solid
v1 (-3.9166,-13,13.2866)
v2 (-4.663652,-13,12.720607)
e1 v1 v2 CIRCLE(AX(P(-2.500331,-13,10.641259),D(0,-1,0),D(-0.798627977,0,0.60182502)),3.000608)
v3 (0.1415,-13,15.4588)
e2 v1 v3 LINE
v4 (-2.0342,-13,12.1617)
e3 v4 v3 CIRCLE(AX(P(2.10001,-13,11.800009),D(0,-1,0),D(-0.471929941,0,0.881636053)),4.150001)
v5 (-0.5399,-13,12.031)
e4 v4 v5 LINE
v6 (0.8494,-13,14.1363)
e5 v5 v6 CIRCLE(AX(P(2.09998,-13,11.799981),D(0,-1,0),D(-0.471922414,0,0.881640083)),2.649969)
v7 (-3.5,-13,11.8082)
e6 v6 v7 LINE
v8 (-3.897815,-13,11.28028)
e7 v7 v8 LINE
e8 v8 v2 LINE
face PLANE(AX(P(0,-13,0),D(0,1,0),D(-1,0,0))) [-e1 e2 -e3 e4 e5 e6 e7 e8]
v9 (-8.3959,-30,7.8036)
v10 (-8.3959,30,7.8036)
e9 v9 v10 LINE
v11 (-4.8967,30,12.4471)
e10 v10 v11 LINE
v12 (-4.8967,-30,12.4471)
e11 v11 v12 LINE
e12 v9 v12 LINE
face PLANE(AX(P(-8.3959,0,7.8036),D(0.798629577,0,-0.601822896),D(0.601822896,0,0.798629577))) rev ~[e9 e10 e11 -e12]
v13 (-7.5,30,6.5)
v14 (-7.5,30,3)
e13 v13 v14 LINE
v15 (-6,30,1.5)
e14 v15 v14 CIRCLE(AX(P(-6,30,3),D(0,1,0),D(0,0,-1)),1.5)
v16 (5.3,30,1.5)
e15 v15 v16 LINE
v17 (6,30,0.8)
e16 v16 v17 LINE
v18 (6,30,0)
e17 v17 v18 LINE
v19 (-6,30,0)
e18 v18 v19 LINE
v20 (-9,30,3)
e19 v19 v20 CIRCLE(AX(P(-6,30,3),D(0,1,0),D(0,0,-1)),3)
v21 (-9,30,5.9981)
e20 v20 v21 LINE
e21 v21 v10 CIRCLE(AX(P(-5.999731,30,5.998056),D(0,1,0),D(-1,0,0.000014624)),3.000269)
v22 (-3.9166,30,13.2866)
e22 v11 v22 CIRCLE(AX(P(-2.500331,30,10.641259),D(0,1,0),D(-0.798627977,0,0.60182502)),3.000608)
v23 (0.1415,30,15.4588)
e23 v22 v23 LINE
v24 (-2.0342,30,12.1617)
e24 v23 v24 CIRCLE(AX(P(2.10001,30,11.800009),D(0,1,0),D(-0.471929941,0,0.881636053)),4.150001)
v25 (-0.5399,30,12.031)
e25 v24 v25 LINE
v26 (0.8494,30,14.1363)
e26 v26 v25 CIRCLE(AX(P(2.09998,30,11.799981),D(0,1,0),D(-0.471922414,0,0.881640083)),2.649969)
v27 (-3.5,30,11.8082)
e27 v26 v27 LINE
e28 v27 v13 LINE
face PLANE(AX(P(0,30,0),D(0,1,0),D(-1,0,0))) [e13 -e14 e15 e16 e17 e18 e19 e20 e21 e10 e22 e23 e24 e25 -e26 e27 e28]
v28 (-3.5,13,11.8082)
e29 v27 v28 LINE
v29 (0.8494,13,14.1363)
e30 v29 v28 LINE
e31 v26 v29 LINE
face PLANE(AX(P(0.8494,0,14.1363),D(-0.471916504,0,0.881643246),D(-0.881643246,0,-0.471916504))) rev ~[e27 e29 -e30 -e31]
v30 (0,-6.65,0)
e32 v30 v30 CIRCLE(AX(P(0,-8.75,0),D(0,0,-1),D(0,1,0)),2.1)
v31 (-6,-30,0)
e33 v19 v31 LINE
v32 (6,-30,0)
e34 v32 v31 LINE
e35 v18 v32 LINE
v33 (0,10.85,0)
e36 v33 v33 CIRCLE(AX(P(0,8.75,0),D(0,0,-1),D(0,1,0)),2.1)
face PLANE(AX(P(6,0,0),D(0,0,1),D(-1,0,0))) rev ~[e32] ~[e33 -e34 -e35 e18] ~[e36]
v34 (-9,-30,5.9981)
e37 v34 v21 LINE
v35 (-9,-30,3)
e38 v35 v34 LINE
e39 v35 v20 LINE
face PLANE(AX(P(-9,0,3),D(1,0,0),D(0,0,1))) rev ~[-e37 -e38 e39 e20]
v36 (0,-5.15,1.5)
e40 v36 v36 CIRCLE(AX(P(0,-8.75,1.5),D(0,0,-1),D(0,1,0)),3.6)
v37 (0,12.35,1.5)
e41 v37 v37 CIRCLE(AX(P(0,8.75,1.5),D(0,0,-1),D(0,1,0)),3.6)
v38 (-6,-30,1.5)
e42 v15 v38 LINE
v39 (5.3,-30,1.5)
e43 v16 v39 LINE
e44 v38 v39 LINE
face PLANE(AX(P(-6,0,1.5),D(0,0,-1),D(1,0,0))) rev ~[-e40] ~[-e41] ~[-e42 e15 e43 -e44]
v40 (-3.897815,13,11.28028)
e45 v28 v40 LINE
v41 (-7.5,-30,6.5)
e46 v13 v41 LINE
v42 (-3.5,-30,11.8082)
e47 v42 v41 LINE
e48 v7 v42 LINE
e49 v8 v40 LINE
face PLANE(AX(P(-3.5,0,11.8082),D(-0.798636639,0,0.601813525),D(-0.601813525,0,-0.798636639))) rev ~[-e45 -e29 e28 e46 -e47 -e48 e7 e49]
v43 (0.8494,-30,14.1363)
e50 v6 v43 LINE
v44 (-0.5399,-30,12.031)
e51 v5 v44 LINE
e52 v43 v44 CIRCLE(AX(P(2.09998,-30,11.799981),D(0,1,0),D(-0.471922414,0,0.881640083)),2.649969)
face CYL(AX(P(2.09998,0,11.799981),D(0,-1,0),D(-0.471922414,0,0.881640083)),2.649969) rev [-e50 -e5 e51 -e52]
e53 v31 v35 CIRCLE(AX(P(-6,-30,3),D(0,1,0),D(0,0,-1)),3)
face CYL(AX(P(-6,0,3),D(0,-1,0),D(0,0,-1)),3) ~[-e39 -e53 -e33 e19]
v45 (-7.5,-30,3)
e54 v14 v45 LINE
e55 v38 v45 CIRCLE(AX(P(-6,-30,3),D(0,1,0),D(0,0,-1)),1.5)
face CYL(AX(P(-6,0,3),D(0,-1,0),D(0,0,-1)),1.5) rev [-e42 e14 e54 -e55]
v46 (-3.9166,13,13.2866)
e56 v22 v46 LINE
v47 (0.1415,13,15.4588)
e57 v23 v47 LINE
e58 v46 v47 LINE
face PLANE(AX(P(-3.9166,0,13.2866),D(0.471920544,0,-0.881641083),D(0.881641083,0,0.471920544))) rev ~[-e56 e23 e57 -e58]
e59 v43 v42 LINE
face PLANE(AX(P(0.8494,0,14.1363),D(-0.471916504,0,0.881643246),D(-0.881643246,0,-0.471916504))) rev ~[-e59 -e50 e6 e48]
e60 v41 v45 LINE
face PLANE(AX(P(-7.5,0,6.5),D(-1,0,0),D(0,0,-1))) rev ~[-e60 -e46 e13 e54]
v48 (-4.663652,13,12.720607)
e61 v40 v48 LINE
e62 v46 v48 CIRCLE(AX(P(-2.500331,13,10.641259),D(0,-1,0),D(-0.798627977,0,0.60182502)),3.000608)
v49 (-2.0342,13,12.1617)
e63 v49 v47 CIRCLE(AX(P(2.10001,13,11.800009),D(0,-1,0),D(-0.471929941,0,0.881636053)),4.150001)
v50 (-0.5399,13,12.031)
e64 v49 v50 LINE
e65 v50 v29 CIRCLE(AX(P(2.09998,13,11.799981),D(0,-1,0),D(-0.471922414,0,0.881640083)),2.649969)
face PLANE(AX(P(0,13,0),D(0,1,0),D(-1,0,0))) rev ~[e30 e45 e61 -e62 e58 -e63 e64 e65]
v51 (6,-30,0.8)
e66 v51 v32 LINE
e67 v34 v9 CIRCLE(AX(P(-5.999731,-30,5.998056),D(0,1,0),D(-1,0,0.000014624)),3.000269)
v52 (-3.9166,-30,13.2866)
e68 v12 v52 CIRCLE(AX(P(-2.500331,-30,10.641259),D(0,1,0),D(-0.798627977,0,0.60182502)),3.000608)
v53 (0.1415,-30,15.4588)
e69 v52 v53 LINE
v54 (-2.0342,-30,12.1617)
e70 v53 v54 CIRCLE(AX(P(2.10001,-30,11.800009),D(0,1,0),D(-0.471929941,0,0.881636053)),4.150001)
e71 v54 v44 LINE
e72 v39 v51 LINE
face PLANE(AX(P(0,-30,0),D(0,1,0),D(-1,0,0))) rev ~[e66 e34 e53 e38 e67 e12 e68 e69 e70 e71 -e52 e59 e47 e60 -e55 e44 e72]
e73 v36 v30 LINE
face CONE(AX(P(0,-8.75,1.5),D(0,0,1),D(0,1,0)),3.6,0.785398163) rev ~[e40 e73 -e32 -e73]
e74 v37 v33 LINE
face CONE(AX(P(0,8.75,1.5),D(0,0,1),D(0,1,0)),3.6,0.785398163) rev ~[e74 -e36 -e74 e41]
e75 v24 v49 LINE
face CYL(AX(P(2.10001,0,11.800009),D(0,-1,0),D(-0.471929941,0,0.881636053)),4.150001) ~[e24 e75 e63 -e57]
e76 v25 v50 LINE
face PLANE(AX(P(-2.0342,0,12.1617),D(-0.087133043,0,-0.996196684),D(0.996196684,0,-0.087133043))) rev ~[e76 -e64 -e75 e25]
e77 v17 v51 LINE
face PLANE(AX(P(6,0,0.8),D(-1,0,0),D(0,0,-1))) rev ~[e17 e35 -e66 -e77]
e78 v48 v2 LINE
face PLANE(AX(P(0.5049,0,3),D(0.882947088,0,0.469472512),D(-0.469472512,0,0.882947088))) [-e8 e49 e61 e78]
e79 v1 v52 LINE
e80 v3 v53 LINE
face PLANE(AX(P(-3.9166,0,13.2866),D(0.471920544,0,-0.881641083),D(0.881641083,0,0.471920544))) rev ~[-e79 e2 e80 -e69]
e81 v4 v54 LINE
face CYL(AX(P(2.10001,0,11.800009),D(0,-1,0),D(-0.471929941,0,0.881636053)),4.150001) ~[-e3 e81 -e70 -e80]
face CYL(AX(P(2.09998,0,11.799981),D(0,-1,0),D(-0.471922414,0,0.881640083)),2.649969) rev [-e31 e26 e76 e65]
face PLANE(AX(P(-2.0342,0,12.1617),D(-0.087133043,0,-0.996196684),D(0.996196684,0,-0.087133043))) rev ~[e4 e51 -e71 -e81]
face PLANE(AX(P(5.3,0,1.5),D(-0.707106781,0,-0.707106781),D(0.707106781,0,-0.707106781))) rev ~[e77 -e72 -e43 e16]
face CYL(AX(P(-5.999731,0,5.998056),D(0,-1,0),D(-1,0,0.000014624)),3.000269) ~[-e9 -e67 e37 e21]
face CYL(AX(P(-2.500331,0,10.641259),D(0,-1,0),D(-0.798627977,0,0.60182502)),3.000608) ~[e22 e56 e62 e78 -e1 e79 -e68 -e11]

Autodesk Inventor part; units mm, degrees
sketch "Skizze_1" plane through (0, 0, 0) normal (0, 1, 0) x (-1, 0, 0)
  line L0 (9, 3) -> (9, 5.9981)
  arc A0 (9, 5.9981) -> (8.3959, 7.8036) centre (6, 5.9981) ccw
  line L1 (8.3959, 7.8036) -> (4.8967, 12.4471)
  arc A1 (4.8967, 12.4471) -> (3.9166, 13.2866) centre (2.5008, 10.6417) ccw
  line L2 (3.9166, 13.2866) -> (-0.1415, 15.4588)
  arc A2 (-0.1415, 15.4588) -> (2.0342, 12.1617) centre (-2.1, 11.8) ccw
  line L3 (2.0342, 12.1617) -> (0.5399, 12.031)
  arc A3 (-0.8494, 14.1363) -> (0.5399, 12.031) centre (-2.1, 11.8) ccw
  line L4 (-0.8494, 14.1363) -> (3.5, 11.8082)
  line L5 (3.5, 11.8082) -> (7.5, 6.5)
  line L6 (7.5, 6.5) -> (7.5, 3)
  arc A4 (6, 1.5) -> (7.5, 3) centre (6, 3) ccw
  line L7 (6, 1.5) -> (-5.3, 1.5)
  line L8 (-5.3, 1.5) -> (-6, 0.8)
  line L9 (-6, 0.8) -> (-6, 0)
  line L10 (-6, 0) -> (6, 0)
  arc A5 (6, 0) -> (9, 3) centre (6, 3) ccw
extrude "Extrusion1" add sketch "Skizze_1" along normal mid plane 60
sketch "Skizze_2" plane through (0, 0, 0) normal (1, 0, 0) x (0, 1, 0)
  line L0 (8.75, 0) -> (8.75, 1.5)
  line L1 (8.75, 1.5) -> (12.35, 1.5)
  line L2 (12.35, 1.5) -> (10.85, 0)
  line L3 (10.85, 0) -> (8.75, 0)
  line L4 (8.75, 0) -> (8.75, 1.5)
revolve "Revolution1" cut sketch "Skizze_2" angle 360 about axis through (0, 8.75, 0) along (0, 0, -1)
sketch "Skizze_3" plane through (0, 0, 0) normal (1, 0, 0) x (0, 1, 0)
  line L0 (-8.75, 0) -> (-8.75, 1.5)
  line L1 (-8.75, 1.5) -> (-5.15, 1.5)
  line L2 (-5.15, 1.5) -> (-6.65, 0)
  line L3 (-6.65, 0) -> (-8.75, 0)
  line L4 (-8.75, 0) -> (-8.75, 1.5)
revolve "Revolution2" cut sketch "Skizze_3" angle 360 about axis through (0, -8.75, 0) along (0, 0, -1)
sketch "Skizze_5" plane through (0, 0, 0) normal (0, 1, 0) x (-1, 0, 0)
  line L0 (19.1684, 40) -> (-42.1, 40)
  line L1 (-42.1, 40) -> (-42.1, 3)
  line L2 (-42.1, 3) -> (-0.5049, 3)
  line L3 (-0.5049, 3) -> (19.1684, 40)
extrude "Extrusion2" cut sketch "Skizze_5" along normal mid plane 26
ref_plane "scharnier_XY" through (0, -8.75, 0) normal (0, 0, 1) x (1, 0, 0)
ref_plane "scharnier_YZ" through (0, -8.75, 0) normal (1, 0, 0) x (0, 1, 0)
ref_plane "scharnier_ZX" through (0, -8.75, 0) normal (0, 1, 0) x (0, 0, 1)
ref_plane "scharnier_2_XY" through (0, 8.75, 0) normal (0, 0, 1) x (1, 0, 0)
ref_plane "scharnier_2_YZ" through (0, 8.75, 0) normal (1, 0, 0) x (0, 1, 0)
ref_plane "scharnier_2_ZX" through (0, 8.75, 0) normal (0, 1, 0) x (0, 0, 1)
ref_plane "tuer_XY" through (2.1, 0, 11.8) normal (0, 1, 0) x (1, 0, 0)
ref_plane "tuer_YZ" through (2.1, 0, 11.8) normal (1, 0, 0) x (0, 0, -1)
ref_plane "tuer_ZX" through (2.1, 0, 11.8) normal (0, 0, -1) x (0, 1, 0)
properties part number "1XXX_01_04"
